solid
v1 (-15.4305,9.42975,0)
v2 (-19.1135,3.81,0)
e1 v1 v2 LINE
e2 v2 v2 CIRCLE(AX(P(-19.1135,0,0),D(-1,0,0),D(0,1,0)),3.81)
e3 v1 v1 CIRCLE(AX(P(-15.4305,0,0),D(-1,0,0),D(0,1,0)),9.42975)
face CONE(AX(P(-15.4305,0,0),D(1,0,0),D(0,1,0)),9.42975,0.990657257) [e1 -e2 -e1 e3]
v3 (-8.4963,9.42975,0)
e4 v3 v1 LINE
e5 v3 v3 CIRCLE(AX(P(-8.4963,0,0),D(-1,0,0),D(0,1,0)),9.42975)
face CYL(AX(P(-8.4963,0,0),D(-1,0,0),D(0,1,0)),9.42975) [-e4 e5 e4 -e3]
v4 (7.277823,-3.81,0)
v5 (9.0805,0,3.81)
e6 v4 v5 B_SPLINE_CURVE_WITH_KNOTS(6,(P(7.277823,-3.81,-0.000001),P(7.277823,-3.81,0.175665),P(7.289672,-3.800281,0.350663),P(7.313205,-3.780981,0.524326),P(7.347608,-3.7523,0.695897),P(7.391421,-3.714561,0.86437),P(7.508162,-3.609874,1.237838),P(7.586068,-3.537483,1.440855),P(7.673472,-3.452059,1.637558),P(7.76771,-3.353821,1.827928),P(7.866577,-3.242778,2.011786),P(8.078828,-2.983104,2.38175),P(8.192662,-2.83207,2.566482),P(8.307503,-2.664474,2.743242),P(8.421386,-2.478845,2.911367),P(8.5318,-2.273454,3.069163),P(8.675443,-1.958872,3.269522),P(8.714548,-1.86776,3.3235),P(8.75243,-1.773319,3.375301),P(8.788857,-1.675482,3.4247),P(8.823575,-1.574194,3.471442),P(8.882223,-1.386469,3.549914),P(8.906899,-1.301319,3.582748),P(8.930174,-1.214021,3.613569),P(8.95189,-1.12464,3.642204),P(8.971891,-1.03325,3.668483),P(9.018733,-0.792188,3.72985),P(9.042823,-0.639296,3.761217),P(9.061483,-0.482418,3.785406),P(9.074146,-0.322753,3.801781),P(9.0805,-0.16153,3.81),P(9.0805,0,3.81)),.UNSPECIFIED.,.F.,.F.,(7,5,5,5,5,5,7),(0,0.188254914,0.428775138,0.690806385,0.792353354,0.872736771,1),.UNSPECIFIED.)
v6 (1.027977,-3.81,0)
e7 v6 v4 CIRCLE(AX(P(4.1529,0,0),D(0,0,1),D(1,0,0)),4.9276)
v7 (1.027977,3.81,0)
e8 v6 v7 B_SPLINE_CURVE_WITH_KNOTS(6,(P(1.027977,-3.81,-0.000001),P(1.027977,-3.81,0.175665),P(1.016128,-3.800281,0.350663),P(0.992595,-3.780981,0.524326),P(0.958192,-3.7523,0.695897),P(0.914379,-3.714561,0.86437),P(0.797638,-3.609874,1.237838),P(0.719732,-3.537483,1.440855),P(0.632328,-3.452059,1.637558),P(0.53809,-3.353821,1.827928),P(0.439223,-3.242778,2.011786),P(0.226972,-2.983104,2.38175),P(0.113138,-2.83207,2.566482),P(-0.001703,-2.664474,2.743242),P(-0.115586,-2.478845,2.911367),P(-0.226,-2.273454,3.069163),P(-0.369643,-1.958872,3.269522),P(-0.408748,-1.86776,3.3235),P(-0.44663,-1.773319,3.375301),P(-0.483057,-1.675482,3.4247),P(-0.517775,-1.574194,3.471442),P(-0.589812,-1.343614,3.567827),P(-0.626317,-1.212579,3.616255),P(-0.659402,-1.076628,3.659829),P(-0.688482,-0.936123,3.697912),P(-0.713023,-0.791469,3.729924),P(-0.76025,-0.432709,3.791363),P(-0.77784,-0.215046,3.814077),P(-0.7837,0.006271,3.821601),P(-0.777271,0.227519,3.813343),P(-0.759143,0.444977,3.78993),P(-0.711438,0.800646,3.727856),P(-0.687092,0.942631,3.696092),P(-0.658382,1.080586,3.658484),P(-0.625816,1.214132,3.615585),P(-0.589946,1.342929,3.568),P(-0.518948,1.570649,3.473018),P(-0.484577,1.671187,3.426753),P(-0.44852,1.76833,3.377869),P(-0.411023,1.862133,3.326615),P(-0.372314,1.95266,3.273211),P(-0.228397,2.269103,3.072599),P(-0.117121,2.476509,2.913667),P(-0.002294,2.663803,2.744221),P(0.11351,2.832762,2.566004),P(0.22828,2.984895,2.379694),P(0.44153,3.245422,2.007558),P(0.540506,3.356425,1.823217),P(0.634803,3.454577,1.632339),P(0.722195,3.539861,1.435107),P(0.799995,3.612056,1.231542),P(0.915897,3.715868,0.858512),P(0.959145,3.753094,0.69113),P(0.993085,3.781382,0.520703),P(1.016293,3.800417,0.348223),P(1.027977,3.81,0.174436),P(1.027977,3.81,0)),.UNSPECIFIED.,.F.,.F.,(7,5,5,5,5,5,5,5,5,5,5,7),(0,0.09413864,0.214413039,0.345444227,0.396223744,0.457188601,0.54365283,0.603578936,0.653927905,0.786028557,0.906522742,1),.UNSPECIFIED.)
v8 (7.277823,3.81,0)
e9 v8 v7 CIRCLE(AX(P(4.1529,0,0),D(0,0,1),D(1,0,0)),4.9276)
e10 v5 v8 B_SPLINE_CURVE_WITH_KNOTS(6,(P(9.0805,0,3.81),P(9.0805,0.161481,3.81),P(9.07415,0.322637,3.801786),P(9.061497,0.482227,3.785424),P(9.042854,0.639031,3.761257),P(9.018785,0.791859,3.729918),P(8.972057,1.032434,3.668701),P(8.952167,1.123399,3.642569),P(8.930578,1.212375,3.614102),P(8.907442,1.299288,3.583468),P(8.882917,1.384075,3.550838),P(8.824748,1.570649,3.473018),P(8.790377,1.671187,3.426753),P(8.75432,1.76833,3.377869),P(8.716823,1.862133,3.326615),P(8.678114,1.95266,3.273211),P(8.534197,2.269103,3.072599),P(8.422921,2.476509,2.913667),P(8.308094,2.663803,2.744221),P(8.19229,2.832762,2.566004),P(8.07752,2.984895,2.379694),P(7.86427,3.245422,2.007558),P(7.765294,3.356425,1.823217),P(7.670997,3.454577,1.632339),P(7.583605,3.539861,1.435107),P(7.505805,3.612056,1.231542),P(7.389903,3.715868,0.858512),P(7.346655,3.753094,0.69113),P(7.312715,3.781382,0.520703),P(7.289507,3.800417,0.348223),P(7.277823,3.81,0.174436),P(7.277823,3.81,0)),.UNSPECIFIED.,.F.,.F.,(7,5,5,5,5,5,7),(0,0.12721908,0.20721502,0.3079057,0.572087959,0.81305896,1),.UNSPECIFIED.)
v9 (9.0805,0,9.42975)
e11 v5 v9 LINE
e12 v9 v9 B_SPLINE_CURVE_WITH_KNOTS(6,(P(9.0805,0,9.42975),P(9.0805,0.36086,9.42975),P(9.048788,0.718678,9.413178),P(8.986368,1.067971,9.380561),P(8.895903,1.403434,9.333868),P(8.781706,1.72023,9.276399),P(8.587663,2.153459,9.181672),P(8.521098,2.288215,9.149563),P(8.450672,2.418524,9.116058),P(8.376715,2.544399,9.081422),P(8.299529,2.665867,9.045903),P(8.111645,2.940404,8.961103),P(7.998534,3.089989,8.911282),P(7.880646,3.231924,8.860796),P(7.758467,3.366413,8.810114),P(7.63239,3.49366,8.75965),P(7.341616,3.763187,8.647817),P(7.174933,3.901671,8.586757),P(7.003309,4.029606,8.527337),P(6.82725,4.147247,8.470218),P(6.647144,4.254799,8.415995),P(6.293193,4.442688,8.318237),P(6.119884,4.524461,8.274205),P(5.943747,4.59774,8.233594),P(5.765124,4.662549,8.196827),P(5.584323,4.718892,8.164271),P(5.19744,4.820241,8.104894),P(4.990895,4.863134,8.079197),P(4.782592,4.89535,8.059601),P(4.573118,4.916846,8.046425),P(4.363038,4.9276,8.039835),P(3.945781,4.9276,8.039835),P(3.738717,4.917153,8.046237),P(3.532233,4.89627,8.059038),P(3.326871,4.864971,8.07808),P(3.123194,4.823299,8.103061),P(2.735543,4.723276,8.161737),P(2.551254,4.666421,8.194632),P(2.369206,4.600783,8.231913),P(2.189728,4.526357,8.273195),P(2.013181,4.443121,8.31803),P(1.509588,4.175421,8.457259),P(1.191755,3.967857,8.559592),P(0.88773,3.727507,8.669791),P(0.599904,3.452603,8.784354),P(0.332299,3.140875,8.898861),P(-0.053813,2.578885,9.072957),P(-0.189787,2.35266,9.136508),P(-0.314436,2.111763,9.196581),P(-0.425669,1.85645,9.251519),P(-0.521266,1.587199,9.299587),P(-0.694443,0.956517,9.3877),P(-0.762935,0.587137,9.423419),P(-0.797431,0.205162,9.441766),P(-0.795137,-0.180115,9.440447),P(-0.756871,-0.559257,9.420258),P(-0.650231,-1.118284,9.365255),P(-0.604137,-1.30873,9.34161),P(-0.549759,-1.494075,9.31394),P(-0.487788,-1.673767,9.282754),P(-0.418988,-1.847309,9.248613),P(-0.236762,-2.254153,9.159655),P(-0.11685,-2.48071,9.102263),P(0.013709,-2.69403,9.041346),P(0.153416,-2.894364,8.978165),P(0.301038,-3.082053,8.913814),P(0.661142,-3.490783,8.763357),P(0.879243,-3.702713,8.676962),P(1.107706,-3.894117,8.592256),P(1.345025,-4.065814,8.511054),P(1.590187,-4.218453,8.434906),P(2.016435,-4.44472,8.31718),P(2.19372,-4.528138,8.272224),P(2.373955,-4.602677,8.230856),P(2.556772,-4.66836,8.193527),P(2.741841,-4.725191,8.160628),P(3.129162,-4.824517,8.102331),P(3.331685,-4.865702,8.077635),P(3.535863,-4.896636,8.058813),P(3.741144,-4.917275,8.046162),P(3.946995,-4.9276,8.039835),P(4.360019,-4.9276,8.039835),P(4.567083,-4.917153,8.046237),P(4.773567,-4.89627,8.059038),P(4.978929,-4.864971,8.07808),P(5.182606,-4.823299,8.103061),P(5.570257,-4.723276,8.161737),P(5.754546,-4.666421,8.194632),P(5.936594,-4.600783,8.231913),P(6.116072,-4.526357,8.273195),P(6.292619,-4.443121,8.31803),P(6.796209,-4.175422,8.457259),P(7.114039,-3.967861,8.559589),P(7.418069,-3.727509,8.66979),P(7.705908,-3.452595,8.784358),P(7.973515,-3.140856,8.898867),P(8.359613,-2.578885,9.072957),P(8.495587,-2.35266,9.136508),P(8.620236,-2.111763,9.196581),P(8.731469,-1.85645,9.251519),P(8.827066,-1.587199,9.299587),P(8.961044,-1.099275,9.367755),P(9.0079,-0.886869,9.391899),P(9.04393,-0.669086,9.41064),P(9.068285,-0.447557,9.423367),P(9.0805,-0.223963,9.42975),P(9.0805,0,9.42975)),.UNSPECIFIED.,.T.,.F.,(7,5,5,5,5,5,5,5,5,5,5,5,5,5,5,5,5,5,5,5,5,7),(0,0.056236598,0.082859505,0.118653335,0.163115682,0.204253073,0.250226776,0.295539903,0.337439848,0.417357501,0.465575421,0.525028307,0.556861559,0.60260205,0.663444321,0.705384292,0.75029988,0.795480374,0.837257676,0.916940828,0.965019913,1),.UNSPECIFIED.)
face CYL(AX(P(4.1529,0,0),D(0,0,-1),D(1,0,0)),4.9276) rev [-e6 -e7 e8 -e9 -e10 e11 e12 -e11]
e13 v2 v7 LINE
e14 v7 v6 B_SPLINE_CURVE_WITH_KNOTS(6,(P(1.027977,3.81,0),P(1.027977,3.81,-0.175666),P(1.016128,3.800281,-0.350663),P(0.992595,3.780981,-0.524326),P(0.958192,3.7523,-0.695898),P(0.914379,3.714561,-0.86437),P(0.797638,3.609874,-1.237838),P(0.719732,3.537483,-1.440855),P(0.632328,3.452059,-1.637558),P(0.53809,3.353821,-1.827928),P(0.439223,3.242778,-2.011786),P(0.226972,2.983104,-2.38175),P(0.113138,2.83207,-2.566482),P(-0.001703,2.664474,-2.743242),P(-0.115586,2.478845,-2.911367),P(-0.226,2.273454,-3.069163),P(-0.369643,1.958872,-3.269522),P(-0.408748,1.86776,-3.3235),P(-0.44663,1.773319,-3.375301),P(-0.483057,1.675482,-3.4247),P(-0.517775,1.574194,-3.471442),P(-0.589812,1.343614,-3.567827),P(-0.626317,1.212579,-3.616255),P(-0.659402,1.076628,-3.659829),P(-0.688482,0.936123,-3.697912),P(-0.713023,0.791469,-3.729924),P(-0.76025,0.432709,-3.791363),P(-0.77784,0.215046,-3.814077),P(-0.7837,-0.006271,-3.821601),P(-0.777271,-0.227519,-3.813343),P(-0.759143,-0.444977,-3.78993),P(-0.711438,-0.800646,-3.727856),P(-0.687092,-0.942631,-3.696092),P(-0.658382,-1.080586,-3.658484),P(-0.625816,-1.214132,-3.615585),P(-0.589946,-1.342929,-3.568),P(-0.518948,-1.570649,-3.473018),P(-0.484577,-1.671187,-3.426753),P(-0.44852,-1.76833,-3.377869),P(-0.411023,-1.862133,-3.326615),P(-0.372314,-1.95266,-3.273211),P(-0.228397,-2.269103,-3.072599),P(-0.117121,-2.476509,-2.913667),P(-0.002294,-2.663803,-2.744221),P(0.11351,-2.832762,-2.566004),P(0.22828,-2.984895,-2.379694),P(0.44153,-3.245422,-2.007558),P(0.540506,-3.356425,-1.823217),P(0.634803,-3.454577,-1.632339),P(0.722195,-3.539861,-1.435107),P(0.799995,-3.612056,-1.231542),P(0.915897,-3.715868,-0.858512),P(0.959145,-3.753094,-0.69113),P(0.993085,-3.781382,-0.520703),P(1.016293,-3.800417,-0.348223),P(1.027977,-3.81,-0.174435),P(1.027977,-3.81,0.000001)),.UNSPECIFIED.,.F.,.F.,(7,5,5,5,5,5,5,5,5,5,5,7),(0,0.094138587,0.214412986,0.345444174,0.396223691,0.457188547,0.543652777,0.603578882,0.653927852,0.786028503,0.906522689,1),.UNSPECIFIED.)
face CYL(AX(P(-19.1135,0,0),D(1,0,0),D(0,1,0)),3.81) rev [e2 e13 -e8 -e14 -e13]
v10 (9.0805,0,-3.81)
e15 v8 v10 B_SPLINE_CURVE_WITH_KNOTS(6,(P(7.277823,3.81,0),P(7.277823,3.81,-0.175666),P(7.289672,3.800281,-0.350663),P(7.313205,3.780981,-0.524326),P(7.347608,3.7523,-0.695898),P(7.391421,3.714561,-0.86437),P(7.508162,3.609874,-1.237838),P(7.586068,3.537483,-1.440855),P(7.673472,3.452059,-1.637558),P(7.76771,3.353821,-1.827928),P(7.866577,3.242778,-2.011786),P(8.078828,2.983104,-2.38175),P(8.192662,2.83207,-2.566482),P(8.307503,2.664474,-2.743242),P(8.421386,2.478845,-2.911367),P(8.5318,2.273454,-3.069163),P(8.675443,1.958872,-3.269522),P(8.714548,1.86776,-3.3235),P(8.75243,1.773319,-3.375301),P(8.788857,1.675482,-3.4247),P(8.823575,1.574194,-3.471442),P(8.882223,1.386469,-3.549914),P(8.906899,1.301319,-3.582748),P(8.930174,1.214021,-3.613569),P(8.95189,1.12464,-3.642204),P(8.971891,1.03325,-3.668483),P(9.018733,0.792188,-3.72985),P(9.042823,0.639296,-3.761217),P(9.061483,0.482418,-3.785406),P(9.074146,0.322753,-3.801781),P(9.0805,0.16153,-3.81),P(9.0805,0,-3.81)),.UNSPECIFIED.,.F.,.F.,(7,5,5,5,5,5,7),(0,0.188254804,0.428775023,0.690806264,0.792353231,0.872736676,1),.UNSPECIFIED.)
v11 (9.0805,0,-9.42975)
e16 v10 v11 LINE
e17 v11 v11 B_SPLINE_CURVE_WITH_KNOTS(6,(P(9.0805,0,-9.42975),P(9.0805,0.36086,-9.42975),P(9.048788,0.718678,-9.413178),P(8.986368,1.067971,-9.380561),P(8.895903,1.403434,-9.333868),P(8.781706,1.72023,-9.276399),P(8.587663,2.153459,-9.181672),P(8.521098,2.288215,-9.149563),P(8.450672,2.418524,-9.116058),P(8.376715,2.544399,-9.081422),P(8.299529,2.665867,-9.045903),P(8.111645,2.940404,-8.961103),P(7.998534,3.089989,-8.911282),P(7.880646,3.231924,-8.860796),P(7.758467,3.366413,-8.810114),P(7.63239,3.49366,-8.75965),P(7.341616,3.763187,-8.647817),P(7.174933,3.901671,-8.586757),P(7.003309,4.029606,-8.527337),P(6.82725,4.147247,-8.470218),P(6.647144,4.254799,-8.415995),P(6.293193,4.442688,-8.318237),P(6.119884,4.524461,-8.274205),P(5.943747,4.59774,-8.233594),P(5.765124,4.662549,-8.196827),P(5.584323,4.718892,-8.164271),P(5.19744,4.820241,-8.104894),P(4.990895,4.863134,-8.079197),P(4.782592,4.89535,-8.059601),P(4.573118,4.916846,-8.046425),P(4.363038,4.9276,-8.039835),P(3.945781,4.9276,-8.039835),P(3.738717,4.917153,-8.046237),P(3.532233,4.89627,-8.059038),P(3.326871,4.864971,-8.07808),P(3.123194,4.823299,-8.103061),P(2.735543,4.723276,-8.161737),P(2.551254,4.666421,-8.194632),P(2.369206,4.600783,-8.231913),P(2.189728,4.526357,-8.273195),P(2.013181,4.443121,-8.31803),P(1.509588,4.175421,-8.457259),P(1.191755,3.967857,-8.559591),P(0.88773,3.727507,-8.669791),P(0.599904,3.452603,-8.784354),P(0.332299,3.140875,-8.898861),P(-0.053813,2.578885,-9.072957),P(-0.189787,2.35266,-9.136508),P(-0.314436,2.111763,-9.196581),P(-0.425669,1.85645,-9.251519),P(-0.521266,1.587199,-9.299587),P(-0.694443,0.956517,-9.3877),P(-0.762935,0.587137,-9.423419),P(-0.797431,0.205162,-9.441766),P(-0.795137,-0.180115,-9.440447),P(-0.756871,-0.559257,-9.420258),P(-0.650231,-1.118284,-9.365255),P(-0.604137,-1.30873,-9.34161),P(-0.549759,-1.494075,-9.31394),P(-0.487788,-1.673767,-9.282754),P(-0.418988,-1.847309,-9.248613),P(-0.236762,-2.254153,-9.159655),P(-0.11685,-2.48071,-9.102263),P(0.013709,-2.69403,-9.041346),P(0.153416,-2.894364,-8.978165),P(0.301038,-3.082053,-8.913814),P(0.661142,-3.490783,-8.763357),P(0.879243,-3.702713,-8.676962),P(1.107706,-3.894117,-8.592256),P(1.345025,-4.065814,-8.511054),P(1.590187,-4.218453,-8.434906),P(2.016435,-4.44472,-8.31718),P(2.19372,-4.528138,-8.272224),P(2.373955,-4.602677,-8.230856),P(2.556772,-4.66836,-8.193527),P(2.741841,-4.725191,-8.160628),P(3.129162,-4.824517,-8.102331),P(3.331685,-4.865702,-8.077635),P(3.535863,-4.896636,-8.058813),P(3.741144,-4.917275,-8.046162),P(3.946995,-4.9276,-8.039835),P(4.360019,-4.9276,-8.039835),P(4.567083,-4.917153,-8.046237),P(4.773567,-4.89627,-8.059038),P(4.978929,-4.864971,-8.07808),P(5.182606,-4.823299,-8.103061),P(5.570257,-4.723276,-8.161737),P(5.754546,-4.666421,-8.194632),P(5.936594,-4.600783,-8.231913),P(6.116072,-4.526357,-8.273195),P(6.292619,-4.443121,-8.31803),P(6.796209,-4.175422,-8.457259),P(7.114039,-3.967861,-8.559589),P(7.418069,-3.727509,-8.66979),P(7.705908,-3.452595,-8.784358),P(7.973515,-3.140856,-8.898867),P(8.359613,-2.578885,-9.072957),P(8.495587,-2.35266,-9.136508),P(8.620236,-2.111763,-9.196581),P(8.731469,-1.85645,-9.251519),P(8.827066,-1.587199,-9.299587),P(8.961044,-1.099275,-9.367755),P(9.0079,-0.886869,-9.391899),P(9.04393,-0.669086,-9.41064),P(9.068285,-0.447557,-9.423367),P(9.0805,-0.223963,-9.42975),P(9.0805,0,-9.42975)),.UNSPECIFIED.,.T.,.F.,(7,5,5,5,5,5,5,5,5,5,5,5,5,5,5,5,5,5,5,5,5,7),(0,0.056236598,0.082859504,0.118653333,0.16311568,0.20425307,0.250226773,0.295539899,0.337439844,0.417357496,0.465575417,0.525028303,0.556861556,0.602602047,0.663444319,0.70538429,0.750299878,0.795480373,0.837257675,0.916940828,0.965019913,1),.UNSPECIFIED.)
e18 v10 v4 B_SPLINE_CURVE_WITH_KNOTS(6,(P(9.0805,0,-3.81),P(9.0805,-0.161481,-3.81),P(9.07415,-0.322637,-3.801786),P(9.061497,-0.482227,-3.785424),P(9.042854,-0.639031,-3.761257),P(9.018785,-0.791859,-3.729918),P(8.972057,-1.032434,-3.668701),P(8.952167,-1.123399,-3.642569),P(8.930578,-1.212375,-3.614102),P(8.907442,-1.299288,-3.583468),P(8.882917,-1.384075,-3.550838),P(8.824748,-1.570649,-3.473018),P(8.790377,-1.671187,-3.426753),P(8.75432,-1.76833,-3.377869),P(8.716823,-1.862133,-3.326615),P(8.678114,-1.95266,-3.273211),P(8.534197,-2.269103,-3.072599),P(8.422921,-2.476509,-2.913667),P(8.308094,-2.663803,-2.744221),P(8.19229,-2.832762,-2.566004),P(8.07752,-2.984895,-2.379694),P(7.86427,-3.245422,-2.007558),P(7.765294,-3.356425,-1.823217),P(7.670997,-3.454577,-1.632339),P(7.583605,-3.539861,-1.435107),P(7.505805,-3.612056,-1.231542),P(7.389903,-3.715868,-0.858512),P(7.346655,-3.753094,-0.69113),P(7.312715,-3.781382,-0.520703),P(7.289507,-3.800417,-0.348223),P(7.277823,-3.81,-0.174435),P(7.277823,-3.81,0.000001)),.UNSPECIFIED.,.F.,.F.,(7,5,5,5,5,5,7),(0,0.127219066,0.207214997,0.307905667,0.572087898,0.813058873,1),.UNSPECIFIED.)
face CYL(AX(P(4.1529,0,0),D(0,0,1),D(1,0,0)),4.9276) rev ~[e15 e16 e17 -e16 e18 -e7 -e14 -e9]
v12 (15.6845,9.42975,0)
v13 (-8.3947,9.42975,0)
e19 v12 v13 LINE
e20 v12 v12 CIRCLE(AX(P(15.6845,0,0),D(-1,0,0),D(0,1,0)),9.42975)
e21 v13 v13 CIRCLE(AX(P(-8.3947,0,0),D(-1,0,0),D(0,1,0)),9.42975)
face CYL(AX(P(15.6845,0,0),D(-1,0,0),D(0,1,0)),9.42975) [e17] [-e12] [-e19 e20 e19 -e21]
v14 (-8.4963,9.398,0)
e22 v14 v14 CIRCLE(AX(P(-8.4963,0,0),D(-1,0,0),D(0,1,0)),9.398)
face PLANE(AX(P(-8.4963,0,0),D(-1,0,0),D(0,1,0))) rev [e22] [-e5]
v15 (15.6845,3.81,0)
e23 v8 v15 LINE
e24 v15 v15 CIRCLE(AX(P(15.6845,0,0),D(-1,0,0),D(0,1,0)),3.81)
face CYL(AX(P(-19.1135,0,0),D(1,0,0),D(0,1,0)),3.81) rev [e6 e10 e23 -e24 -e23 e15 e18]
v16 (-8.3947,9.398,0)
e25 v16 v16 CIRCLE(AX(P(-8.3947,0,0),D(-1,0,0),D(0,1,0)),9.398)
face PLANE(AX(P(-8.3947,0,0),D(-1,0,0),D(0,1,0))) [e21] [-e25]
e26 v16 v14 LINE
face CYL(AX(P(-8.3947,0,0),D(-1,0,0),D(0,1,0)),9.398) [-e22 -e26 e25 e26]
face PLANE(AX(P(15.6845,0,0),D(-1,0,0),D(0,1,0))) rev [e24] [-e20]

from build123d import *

# Parameters (mm, degrees)
SKETCH2_R               = 4.9276
CUT_EXTRUDE1_DEPTH      = 10.42975
CUT_EXTRUDE1_DEPTH_BACK = 10.42975


with BuildPart() as part:
    # Sketch1 → Revolve1 (revolve)
    with BuildSketch(Plane.XY):
        Polygon((-1.7145, 3.81), (15.6845, 3.81), (15.6845, 9.42975), (-8.3947, 9.42975), (-8.3947, 9.398), (-8.4455, 9.398), (-8.4963, 9.398), (-8.4963, 9.42975), (-15.4305, 9.42975), (-19.1135, 3.81), align=None)
    revolve(axis=Axis((0, 0, 0), (-1, 0, 0)))

    # Sketch2 → Cut-Extrude1 (cut, two sides)
    with BuildSketch(Plane.XY) as cut_extrude1_sk:
        with Locations((4.1529, 0)):
            Circle(SKETCH2_R)
    extrude(amount=CUT_EXTRUDE1_DEPTH, mode=Mode.SUBTRACT)
    extrude(cut_extrude1_sk.sketch, amount=-CUT_EXTRUDE1_DEPTH_BACK, mode=Mode.SUBTRACT)


solid = part.part
